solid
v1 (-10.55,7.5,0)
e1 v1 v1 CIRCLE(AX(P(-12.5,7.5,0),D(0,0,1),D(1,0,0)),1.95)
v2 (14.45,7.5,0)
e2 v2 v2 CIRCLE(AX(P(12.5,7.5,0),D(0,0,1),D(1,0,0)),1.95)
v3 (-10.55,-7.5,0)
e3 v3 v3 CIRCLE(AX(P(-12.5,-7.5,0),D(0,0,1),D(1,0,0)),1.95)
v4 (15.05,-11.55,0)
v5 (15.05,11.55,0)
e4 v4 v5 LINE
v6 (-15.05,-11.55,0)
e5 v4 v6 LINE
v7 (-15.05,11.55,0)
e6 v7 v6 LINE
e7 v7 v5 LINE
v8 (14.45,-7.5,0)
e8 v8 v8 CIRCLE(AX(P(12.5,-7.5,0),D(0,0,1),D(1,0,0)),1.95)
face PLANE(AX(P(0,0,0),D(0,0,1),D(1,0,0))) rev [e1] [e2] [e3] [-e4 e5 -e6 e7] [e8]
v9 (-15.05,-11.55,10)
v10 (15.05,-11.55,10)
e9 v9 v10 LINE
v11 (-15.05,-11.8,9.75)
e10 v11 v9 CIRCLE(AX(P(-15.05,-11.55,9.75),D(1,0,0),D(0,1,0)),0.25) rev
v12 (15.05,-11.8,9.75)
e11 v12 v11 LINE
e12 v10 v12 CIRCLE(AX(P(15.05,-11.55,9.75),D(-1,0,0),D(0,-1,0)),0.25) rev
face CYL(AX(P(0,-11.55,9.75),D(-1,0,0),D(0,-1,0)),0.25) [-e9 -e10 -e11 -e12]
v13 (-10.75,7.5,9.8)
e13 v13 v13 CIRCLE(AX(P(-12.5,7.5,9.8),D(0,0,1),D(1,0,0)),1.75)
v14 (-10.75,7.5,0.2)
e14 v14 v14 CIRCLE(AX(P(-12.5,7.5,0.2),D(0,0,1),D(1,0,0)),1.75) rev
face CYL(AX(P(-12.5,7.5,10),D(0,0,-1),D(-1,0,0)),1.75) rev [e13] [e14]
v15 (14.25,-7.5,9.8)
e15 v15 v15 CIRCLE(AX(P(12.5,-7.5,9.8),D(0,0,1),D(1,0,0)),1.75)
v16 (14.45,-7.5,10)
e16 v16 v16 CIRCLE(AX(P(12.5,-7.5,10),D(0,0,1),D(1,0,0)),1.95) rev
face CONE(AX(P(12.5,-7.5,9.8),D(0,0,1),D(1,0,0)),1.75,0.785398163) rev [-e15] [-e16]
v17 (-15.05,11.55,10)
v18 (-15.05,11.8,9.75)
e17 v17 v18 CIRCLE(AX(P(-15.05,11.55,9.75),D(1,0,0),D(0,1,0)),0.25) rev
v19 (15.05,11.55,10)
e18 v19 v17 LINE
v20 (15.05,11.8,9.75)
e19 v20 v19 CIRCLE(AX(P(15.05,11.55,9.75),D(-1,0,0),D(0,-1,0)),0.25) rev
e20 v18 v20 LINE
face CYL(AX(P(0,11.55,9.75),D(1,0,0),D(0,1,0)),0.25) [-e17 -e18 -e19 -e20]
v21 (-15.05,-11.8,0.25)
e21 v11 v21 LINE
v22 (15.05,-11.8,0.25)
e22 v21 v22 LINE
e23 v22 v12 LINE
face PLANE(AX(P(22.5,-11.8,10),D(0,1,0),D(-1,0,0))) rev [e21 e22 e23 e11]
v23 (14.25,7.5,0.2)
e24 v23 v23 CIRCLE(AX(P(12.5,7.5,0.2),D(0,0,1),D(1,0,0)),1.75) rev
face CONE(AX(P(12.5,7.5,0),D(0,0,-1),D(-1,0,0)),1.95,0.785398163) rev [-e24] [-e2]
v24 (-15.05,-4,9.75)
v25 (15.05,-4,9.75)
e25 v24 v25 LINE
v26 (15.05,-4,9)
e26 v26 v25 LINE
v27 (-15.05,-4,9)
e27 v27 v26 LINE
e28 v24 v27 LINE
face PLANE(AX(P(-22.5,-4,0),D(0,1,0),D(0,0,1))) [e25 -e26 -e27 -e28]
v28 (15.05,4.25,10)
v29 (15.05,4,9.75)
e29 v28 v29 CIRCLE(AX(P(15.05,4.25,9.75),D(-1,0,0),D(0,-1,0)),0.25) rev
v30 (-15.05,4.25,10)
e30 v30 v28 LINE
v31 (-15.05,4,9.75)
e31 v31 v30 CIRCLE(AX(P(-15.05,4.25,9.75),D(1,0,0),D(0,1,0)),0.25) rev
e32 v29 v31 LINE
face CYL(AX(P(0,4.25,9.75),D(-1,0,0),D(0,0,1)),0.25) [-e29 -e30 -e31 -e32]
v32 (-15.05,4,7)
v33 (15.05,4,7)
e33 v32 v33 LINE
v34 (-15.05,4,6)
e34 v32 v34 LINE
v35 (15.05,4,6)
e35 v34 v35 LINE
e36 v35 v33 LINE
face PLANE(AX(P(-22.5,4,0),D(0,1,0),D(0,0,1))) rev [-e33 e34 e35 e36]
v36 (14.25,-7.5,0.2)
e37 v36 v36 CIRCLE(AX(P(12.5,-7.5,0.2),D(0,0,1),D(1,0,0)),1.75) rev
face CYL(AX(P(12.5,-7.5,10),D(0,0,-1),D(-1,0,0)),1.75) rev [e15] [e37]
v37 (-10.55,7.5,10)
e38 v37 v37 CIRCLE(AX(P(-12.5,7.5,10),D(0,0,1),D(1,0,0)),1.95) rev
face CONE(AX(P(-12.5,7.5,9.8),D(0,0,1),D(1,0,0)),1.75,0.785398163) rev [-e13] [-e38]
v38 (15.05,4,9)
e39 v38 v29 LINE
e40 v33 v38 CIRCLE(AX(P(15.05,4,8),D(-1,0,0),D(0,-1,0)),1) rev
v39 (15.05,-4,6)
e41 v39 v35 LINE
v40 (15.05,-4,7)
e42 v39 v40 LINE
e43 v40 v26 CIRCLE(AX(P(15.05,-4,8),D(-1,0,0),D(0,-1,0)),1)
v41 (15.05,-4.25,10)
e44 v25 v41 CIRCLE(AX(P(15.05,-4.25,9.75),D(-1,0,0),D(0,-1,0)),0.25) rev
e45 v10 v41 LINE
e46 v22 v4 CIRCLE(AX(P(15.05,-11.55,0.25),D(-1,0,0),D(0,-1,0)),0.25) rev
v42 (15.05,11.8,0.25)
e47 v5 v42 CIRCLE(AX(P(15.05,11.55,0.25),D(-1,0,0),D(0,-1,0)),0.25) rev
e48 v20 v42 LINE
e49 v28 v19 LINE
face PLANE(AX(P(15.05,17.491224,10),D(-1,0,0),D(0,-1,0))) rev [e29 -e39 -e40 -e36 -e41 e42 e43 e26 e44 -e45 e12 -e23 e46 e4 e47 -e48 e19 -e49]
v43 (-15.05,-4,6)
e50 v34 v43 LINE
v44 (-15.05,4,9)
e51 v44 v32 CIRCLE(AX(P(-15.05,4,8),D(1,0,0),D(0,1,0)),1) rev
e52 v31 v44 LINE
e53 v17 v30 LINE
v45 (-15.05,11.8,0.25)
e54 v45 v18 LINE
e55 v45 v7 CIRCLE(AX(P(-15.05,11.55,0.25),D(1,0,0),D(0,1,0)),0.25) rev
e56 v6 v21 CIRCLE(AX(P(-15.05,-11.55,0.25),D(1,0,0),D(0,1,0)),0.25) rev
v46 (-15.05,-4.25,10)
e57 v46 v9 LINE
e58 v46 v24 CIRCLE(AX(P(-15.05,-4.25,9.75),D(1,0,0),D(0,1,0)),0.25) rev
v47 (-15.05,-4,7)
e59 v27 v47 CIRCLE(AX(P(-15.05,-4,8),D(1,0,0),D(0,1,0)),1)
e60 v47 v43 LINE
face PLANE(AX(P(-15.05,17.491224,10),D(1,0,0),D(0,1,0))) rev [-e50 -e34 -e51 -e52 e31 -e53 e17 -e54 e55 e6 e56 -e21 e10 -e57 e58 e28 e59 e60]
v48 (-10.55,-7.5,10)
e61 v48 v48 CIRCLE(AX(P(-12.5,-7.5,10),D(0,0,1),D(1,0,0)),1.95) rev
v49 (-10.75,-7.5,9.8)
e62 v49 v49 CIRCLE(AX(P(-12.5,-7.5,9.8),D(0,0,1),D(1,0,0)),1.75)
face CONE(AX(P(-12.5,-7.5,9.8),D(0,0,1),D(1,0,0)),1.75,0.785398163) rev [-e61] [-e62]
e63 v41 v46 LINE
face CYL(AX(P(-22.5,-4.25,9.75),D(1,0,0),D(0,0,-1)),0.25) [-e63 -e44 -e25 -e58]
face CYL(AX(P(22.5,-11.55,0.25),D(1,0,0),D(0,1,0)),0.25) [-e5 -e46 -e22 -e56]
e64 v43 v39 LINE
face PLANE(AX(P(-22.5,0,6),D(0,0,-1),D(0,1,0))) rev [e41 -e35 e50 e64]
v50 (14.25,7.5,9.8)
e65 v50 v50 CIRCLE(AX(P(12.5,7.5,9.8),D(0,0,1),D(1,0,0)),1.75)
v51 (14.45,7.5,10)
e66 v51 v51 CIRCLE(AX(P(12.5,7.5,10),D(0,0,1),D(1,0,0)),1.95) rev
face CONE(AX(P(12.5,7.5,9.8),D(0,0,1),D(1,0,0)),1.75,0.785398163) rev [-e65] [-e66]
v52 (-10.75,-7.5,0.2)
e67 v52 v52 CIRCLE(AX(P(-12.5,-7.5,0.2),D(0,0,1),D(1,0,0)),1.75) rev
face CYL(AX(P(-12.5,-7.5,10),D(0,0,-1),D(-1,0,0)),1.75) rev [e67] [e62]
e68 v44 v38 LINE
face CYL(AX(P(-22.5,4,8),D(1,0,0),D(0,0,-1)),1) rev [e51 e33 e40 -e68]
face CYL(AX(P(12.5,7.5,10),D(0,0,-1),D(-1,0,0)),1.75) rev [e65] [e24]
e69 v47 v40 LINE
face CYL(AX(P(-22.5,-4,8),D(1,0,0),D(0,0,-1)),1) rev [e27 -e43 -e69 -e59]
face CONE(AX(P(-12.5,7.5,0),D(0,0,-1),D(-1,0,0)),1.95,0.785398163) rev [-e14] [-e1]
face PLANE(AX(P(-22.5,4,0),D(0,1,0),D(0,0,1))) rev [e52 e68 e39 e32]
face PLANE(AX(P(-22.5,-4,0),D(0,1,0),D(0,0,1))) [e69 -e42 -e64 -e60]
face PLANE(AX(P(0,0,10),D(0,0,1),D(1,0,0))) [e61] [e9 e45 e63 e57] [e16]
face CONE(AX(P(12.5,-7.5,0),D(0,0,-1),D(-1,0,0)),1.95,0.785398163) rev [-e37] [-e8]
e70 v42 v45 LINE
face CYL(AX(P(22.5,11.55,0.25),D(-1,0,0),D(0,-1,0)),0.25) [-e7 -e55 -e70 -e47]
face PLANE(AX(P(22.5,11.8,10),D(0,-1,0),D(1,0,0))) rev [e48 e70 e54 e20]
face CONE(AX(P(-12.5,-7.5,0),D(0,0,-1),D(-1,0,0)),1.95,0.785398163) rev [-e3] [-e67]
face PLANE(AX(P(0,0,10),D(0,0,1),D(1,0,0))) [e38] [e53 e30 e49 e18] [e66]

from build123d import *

# Parameters (mm, degrees)
SKETCH1_W           = 45
SKETCH1_H           = 23.6
SKETCH1_R           = 1.75
BOSS_EXTRUDE1_DEPTH = 10
SKETCH2_R           = 1
SKETCH2_W           = 4
SKETCH2_H           = 8
CUT_EXTRUDE1_DEPTH  = 46
FILLET1_R           = 0.25
CHAMFER1_SIZE       = 0.2
SKETCH3_W           = 11.00513931
SKETCH3_H           = 32.516866569
SKETCH3_W_2         = 10
SKETCH3_H_2         = 36.117344973
CUT_EXTRUDE2_DEPTH  = 10


with BuildPart() as part:
    # Sketch1 → Boss-Extrude1 (new body)
    with BuildSketch(Plane.XY):
        Rectangle(SKETCH1_W, SKETCH1_H)
        with Locations((-12.5, 7.5)):
            Circle(SKETCH1_R, mode=Mode.SUBTRACT)
        with Locations((12.5, 7.5)):
            Circle(SKETCH1_R, mode=Mode.SUBTRACT)
        with Locations((12.5, -7.5)):
            Circle(SKETCH1_R, mode=Mode.SUBTRACT)
        with Locations((-12.5, -7.5)):
            Circle(SKETCH1_R, mode=Mode.SUBTRACT)
    extrude(amount=BOSS_EXTRUDE1_DEPTH)

    # Sketch2 → Cut-Extrude1 (cut, through all)
    with BuildSketch(Plane(origin=(22.5, 0, 0), x_dir=(0, 0, -1), z_dir=(1, 0, 0))):
        with Locations((-8, 4)):
            Circle(SKETCH2_R)
        with Locations((-8, -4)):
            Circle(SKETCH2_R)
        with Locations((-8, 0)):
            Rectangle(SKETCH2_W, SKETCH2_H)
    extrude(amount=-CUT_EXTRUDE1_DEPTH, mode=Mode.SUBTRACT)

    # Fillet1
    fillet1_edges = [part.edges().sort_by_distance(p)[0] for p in [
        (22.5, -7.9, 10),
        (0, 11.8, 10),
        (22.5, 7.9, 10),
        (-22.5, -7.9, 10),
        (0, -4, 10),
        (-22.5, 7.9, 10),
        (0, 4, 10),
        (0, 11.8, 0),
        (22.5, 0, 0),
        (0, -11.8, 0),
        (-22.5, 0, 0),
        (0, -11.8, 10),
        (-22.5, 11.8, 5),
        (22.5, 11.8, 5),
        (22.5, -11.8, 5),
        (-22.5, -11.8, 5),
    ]]
    fillet(fillet1_edges, radius=FILLET1_R)

    # Chamfer1
    chamfer1_edges = [part.edges().sort_by_distance(p)[0] for p in [
        (-14.25, 7.5, 0),
        (-14.25, 7.5, 10),
        (10.75, 7.5, 0),
        (10.75, 7.5, 10),
        (10.75, -7.5, 0),
        (10.75, -7.5, 10),
        (-14.25, -7.5, 0),
        (-14.25, -7.5, 10),
    ]]
    chamfer(chamfer1_edges, length=CHAMFER1_SIZE)

    # Sketch3 → Cut-Extrude2 (cut)
    with BuildSketch(Plane(origin=(0, 0, 0), x_dir=(-1, 0, 0), z_dir=(0, 0, -1))):
        with Locations((-20.552569655, 1.232790519)):
            Rectangle(SKETCH3_W, SKETCH3_H)
        with Locations((20.05, -0.567448683)):
            Rectangle(SKETCH3_W_2, SKETCH3_H_2)
    extrude(amount=-CUT_EXTRUDE2_DEPTH, mode=Mode.SUBTRACT)


solid = part.part
